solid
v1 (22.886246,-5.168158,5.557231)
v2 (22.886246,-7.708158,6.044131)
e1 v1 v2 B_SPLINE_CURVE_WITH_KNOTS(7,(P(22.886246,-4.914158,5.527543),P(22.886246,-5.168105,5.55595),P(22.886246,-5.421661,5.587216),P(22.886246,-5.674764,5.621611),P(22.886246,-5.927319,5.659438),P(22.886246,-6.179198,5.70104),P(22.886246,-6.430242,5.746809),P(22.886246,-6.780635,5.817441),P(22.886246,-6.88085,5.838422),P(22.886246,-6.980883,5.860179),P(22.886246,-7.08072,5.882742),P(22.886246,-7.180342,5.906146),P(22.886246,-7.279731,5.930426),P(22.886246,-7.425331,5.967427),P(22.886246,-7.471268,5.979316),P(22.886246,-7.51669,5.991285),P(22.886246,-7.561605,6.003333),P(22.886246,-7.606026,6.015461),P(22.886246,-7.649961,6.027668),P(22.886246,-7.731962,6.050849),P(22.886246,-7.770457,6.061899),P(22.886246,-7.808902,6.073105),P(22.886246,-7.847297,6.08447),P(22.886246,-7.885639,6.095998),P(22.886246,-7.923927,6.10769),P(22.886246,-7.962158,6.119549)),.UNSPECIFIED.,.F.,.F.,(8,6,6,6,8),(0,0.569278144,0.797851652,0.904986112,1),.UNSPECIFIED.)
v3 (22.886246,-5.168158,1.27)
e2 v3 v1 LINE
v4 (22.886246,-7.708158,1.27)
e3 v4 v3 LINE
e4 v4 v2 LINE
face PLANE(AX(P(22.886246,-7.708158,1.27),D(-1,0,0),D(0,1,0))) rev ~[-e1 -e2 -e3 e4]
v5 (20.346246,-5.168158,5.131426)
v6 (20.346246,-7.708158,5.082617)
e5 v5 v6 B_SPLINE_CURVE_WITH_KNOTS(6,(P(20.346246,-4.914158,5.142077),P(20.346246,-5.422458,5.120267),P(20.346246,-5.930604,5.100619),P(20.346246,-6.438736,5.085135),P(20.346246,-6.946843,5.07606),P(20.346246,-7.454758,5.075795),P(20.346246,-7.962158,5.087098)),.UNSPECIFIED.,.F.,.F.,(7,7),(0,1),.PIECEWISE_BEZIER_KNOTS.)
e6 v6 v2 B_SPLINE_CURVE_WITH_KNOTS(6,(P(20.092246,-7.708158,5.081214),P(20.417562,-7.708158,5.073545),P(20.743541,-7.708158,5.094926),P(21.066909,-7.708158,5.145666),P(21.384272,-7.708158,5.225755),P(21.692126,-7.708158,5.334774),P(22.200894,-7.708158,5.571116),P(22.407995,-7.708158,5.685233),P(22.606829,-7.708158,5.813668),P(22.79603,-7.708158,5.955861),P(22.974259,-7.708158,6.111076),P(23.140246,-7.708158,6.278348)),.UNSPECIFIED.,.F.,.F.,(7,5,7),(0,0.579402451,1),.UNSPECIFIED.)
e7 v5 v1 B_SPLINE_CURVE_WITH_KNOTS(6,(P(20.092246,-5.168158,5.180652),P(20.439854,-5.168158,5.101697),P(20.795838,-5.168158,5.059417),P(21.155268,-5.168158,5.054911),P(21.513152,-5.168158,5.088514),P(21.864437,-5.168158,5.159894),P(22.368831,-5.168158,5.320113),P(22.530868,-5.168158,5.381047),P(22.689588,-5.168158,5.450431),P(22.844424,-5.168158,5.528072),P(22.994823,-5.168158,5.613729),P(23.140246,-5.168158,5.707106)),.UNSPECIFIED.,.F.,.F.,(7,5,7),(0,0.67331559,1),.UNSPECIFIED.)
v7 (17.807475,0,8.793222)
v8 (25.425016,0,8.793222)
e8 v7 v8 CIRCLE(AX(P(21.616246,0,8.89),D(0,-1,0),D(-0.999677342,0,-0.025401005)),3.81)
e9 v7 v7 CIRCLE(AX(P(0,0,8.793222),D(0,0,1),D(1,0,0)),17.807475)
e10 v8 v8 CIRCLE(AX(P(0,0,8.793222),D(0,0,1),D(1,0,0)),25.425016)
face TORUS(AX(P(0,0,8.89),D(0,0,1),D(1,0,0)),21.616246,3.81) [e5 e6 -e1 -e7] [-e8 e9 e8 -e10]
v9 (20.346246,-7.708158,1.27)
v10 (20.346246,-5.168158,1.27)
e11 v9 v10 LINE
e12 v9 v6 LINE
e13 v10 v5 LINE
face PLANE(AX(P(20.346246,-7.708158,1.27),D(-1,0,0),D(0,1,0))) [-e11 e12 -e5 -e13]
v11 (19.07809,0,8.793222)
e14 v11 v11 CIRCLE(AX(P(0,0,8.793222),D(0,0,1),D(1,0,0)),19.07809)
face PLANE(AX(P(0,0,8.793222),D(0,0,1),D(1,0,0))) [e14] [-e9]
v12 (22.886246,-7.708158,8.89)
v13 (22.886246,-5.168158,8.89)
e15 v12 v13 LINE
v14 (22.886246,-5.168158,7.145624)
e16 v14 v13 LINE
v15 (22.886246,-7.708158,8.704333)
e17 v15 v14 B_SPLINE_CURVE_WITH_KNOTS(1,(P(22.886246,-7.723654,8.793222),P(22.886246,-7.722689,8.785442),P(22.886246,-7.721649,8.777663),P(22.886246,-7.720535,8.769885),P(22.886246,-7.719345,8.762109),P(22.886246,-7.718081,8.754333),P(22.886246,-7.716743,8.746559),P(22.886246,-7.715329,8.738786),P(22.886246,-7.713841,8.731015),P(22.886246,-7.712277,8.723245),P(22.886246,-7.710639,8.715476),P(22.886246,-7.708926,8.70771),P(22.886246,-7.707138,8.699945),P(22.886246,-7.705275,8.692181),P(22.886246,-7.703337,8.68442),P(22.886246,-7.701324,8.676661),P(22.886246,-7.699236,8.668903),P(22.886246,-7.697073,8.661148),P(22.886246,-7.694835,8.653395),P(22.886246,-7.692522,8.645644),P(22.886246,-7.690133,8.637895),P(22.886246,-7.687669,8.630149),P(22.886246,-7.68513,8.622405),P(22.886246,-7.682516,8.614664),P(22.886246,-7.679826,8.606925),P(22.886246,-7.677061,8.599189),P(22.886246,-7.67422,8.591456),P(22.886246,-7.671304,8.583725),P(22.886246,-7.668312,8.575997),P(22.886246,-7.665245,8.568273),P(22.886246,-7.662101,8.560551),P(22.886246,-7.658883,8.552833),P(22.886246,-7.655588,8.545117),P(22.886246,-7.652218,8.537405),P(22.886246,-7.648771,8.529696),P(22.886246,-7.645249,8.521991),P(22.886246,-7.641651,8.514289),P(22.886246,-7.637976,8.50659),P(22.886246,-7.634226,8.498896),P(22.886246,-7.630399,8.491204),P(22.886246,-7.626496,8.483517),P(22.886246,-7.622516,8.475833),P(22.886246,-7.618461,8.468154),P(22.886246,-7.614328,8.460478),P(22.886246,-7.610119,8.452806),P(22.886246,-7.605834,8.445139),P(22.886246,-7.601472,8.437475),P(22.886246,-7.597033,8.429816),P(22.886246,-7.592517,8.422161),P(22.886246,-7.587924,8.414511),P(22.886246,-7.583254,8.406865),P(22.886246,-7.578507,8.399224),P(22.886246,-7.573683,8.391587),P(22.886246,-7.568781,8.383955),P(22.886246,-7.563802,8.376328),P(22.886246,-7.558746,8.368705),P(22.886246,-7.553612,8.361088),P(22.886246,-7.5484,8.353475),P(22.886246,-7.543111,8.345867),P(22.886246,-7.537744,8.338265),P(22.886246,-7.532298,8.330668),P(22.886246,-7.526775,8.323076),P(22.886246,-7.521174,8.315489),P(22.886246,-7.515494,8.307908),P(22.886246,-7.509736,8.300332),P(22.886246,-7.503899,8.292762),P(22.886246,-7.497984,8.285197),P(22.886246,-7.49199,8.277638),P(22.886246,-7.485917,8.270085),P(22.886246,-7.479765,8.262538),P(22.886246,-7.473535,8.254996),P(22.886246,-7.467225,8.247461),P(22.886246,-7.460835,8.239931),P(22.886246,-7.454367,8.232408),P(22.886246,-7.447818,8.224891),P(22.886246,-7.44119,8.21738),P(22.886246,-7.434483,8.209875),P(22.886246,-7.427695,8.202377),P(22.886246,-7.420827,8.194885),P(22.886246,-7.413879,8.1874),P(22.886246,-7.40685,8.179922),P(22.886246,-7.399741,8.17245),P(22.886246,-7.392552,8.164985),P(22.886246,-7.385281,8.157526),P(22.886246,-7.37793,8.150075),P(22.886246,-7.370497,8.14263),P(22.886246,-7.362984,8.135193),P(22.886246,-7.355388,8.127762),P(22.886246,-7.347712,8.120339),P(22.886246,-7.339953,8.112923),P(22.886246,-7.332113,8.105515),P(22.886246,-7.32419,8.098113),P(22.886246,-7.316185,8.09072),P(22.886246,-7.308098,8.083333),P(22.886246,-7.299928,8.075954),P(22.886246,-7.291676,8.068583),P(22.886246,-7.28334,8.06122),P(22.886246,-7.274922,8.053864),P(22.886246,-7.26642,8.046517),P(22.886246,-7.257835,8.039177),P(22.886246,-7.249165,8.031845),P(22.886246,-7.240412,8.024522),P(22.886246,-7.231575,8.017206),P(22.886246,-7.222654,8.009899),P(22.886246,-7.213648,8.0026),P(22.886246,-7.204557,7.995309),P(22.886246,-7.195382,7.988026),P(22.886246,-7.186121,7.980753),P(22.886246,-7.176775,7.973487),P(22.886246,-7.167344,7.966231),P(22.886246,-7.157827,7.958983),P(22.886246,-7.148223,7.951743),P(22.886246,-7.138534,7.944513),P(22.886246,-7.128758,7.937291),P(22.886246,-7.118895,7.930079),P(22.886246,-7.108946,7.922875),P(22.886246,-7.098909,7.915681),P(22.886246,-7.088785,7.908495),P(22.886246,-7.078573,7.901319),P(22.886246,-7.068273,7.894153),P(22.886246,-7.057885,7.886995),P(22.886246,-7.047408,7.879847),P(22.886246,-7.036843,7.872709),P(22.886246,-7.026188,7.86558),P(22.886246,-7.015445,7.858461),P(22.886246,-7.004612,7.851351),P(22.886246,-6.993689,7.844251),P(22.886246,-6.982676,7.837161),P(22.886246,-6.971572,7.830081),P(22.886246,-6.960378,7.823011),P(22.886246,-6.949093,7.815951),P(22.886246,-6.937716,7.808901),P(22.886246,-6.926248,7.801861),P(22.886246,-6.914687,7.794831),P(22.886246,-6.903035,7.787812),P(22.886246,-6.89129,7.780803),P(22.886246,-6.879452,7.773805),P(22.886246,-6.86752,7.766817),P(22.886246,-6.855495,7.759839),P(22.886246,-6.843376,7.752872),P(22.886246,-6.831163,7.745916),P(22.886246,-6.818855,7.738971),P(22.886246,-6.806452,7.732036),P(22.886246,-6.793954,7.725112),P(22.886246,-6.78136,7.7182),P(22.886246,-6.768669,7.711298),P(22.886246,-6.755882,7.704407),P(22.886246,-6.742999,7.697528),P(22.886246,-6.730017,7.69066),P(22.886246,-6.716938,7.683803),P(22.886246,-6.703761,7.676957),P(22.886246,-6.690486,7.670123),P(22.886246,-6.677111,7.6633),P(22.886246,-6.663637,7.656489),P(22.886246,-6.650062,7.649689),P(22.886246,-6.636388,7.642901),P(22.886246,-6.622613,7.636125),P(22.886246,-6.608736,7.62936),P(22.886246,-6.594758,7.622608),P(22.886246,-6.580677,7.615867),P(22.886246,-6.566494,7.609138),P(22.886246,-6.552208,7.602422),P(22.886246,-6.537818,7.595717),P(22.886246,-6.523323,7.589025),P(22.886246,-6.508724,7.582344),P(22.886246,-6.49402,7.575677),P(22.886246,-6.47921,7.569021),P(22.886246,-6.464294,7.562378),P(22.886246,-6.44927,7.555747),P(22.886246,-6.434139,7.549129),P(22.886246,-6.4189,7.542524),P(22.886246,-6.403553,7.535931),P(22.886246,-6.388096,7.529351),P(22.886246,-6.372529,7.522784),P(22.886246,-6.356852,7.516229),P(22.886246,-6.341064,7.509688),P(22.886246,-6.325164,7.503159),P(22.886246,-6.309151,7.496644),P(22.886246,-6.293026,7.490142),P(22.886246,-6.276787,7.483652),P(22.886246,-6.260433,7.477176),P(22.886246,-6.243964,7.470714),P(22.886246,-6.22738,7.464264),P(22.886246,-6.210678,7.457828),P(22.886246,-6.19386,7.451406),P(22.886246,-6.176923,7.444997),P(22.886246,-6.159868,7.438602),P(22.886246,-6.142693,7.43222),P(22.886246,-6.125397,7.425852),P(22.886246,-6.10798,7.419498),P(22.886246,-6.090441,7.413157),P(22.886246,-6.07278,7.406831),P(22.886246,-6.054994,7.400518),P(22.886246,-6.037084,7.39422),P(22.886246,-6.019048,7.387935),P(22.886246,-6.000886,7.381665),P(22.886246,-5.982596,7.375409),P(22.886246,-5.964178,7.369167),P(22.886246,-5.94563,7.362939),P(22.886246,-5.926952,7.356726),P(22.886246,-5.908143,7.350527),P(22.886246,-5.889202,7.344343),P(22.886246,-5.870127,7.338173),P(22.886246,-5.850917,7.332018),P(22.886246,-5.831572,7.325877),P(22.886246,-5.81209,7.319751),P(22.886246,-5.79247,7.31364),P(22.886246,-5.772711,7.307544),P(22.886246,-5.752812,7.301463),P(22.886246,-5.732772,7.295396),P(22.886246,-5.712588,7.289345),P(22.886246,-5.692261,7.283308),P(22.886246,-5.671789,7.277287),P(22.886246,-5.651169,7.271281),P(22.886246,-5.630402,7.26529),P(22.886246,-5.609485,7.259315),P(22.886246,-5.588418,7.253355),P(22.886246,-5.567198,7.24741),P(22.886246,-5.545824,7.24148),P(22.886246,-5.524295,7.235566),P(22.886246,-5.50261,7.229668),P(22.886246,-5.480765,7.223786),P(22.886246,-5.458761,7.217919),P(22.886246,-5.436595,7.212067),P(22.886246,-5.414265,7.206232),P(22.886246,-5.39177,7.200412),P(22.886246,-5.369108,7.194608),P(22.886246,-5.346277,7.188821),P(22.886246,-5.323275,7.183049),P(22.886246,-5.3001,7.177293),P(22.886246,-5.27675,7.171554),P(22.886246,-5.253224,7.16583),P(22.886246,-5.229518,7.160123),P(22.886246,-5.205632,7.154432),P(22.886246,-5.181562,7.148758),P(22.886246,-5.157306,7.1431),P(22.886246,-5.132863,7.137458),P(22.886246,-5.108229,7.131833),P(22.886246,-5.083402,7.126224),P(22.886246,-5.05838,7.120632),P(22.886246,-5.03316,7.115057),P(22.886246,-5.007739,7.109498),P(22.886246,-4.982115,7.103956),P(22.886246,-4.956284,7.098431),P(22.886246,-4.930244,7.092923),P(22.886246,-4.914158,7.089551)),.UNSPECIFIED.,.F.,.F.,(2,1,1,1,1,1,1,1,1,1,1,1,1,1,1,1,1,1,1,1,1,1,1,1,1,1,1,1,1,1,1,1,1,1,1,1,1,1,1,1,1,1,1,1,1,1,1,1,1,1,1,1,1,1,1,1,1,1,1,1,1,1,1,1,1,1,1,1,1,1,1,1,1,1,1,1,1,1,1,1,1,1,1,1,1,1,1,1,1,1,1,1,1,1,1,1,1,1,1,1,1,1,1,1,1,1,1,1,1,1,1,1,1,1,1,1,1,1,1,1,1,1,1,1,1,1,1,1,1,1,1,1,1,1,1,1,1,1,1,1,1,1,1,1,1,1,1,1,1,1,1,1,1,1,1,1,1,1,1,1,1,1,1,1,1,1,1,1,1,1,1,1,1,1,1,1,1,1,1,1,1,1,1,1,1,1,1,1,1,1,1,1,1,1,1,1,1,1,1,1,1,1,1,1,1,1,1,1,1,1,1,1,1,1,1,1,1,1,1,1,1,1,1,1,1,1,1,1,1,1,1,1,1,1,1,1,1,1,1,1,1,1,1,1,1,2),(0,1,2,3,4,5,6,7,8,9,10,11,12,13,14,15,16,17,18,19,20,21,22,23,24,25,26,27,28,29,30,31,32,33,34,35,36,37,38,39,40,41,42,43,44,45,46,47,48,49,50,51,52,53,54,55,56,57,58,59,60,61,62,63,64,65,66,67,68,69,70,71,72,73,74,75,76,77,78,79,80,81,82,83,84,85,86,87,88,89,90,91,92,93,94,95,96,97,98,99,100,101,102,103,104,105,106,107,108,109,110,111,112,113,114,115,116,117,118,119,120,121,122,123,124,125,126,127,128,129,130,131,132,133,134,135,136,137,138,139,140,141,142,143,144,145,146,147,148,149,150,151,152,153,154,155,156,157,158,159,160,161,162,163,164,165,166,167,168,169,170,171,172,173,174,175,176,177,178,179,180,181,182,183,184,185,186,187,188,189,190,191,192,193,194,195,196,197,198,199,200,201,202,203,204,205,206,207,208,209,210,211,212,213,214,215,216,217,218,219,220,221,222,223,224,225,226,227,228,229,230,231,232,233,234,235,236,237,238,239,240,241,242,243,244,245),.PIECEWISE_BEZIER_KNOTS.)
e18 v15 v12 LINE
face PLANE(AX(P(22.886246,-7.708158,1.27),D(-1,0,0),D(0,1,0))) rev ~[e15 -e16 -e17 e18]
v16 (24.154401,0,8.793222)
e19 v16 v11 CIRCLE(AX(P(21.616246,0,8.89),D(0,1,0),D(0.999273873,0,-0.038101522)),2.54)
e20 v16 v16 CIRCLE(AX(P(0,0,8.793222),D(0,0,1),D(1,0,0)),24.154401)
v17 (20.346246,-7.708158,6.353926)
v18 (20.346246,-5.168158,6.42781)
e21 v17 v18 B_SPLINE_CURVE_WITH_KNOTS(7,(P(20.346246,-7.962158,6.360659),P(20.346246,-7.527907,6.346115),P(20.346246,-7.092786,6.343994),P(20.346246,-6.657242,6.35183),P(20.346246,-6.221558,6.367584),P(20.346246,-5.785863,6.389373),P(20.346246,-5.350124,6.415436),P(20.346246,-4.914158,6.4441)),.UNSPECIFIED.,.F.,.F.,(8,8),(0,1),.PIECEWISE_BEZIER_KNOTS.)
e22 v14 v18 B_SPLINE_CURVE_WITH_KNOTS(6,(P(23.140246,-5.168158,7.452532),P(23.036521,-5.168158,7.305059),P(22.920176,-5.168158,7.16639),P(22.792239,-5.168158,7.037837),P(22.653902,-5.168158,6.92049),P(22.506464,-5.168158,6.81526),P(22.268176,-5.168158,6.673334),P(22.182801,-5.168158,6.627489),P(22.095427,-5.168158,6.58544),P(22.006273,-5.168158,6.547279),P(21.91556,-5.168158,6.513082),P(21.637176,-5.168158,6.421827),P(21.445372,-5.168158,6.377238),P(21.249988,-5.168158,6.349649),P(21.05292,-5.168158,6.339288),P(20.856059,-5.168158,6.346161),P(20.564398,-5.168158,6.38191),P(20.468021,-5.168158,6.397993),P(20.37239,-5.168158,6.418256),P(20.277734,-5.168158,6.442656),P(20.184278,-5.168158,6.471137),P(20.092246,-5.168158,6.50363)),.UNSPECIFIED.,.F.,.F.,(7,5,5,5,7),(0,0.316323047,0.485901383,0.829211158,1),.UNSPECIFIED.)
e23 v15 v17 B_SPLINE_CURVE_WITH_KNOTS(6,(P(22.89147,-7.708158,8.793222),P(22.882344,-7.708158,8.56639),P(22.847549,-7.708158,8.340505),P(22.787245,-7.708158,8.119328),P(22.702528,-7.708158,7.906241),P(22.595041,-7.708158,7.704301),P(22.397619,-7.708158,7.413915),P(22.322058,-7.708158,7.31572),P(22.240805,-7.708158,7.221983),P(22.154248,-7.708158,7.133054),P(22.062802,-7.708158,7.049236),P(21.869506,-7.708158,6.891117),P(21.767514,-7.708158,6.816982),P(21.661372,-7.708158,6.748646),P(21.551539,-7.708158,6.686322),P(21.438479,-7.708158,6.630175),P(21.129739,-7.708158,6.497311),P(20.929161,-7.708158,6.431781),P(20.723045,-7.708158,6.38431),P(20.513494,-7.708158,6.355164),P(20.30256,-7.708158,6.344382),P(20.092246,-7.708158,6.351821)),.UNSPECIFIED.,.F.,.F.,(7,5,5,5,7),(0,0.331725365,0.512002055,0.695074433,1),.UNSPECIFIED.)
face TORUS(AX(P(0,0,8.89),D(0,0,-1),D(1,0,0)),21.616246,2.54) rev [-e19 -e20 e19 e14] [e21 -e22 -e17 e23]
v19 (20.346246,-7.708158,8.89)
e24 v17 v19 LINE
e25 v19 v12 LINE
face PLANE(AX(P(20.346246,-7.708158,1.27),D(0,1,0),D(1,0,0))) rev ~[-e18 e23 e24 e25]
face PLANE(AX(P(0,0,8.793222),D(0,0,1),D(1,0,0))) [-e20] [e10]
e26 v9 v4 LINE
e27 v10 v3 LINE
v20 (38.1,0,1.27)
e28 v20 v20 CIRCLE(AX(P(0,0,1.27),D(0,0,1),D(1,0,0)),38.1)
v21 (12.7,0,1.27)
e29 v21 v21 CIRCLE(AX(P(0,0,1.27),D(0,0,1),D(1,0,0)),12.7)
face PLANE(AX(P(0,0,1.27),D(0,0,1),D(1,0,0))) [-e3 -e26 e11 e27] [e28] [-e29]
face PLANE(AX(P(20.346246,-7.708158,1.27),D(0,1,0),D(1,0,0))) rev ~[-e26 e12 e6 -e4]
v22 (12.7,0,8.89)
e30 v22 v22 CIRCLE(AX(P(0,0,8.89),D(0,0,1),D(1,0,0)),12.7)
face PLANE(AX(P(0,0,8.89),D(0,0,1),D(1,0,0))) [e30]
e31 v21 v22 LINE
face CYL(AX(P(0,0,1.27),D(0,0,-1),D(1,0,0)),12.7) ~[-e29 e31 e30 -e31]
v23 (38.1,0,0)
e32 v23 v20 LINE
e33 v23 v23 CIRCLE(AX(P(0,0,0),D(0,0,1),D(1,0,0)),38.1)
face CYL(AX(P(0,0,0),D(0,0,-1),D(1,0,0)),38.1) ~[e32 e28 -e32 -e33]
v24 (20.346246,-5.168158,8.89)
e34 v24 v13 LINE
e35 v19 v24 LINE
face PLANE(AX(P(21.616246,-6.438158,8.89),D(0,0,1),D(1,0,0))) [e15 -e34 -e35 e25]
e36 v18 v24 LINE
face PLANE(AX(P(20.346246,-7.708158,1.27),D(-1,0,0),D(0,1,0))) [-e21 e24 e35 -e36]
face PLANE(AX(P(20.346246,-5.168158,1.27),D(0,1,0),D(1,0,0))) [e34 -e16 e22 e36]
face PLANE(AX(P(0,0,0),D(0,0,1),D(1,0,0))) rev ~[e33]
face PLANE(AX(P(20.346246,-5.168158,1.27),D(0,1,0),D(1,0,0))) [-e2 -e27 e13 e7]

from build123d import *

# Parameters (mm, degrees)
F0_R     = 38.1
F1_DEPTH = 1.27
F2_W     = 2.54
F2_H     = 2.54
F2_R     = 12.7
F3_DEPTH = 7.62


with BuildPart() as f1:
    # F0 (on Top) → F1 (new body)
    with BuildSketch(Plane.XY):
        Circle(F0_R)
    extrude(amount=F1_DEPTH)

    # F2 (on face) → F3 (join)
    with BuildSketch(Plane.XY.offset(1.27)):
        with Locations((21.616246, -6.438158)):
            Rectangle(F2_W, F2_H)
        Circle(F2_R)
    extrude(amount=F3_DEPTH)

    # F4 (on Front) → F5 (revolve)
    with BuildSketch(Plane.XZ):
        with BuildLine():
            Line((19.07809, 8.793222), (17.807475, 8.793222))
            ThreePointArc((17.807475, 8.793222), (21.616246, 5.08), (25.425016, 8.793222))
            Line((25.425016, 8.793222), (24.154401, 8.793222))
            ThreePointArc((24.154401, 8.793222), (21.616246, 6.35), (19.07809, 8.793222))
        make_face()
    revolve(axis=Axis((0, 0, 8.89), (0, 0, 1)))


solid = f1.part
